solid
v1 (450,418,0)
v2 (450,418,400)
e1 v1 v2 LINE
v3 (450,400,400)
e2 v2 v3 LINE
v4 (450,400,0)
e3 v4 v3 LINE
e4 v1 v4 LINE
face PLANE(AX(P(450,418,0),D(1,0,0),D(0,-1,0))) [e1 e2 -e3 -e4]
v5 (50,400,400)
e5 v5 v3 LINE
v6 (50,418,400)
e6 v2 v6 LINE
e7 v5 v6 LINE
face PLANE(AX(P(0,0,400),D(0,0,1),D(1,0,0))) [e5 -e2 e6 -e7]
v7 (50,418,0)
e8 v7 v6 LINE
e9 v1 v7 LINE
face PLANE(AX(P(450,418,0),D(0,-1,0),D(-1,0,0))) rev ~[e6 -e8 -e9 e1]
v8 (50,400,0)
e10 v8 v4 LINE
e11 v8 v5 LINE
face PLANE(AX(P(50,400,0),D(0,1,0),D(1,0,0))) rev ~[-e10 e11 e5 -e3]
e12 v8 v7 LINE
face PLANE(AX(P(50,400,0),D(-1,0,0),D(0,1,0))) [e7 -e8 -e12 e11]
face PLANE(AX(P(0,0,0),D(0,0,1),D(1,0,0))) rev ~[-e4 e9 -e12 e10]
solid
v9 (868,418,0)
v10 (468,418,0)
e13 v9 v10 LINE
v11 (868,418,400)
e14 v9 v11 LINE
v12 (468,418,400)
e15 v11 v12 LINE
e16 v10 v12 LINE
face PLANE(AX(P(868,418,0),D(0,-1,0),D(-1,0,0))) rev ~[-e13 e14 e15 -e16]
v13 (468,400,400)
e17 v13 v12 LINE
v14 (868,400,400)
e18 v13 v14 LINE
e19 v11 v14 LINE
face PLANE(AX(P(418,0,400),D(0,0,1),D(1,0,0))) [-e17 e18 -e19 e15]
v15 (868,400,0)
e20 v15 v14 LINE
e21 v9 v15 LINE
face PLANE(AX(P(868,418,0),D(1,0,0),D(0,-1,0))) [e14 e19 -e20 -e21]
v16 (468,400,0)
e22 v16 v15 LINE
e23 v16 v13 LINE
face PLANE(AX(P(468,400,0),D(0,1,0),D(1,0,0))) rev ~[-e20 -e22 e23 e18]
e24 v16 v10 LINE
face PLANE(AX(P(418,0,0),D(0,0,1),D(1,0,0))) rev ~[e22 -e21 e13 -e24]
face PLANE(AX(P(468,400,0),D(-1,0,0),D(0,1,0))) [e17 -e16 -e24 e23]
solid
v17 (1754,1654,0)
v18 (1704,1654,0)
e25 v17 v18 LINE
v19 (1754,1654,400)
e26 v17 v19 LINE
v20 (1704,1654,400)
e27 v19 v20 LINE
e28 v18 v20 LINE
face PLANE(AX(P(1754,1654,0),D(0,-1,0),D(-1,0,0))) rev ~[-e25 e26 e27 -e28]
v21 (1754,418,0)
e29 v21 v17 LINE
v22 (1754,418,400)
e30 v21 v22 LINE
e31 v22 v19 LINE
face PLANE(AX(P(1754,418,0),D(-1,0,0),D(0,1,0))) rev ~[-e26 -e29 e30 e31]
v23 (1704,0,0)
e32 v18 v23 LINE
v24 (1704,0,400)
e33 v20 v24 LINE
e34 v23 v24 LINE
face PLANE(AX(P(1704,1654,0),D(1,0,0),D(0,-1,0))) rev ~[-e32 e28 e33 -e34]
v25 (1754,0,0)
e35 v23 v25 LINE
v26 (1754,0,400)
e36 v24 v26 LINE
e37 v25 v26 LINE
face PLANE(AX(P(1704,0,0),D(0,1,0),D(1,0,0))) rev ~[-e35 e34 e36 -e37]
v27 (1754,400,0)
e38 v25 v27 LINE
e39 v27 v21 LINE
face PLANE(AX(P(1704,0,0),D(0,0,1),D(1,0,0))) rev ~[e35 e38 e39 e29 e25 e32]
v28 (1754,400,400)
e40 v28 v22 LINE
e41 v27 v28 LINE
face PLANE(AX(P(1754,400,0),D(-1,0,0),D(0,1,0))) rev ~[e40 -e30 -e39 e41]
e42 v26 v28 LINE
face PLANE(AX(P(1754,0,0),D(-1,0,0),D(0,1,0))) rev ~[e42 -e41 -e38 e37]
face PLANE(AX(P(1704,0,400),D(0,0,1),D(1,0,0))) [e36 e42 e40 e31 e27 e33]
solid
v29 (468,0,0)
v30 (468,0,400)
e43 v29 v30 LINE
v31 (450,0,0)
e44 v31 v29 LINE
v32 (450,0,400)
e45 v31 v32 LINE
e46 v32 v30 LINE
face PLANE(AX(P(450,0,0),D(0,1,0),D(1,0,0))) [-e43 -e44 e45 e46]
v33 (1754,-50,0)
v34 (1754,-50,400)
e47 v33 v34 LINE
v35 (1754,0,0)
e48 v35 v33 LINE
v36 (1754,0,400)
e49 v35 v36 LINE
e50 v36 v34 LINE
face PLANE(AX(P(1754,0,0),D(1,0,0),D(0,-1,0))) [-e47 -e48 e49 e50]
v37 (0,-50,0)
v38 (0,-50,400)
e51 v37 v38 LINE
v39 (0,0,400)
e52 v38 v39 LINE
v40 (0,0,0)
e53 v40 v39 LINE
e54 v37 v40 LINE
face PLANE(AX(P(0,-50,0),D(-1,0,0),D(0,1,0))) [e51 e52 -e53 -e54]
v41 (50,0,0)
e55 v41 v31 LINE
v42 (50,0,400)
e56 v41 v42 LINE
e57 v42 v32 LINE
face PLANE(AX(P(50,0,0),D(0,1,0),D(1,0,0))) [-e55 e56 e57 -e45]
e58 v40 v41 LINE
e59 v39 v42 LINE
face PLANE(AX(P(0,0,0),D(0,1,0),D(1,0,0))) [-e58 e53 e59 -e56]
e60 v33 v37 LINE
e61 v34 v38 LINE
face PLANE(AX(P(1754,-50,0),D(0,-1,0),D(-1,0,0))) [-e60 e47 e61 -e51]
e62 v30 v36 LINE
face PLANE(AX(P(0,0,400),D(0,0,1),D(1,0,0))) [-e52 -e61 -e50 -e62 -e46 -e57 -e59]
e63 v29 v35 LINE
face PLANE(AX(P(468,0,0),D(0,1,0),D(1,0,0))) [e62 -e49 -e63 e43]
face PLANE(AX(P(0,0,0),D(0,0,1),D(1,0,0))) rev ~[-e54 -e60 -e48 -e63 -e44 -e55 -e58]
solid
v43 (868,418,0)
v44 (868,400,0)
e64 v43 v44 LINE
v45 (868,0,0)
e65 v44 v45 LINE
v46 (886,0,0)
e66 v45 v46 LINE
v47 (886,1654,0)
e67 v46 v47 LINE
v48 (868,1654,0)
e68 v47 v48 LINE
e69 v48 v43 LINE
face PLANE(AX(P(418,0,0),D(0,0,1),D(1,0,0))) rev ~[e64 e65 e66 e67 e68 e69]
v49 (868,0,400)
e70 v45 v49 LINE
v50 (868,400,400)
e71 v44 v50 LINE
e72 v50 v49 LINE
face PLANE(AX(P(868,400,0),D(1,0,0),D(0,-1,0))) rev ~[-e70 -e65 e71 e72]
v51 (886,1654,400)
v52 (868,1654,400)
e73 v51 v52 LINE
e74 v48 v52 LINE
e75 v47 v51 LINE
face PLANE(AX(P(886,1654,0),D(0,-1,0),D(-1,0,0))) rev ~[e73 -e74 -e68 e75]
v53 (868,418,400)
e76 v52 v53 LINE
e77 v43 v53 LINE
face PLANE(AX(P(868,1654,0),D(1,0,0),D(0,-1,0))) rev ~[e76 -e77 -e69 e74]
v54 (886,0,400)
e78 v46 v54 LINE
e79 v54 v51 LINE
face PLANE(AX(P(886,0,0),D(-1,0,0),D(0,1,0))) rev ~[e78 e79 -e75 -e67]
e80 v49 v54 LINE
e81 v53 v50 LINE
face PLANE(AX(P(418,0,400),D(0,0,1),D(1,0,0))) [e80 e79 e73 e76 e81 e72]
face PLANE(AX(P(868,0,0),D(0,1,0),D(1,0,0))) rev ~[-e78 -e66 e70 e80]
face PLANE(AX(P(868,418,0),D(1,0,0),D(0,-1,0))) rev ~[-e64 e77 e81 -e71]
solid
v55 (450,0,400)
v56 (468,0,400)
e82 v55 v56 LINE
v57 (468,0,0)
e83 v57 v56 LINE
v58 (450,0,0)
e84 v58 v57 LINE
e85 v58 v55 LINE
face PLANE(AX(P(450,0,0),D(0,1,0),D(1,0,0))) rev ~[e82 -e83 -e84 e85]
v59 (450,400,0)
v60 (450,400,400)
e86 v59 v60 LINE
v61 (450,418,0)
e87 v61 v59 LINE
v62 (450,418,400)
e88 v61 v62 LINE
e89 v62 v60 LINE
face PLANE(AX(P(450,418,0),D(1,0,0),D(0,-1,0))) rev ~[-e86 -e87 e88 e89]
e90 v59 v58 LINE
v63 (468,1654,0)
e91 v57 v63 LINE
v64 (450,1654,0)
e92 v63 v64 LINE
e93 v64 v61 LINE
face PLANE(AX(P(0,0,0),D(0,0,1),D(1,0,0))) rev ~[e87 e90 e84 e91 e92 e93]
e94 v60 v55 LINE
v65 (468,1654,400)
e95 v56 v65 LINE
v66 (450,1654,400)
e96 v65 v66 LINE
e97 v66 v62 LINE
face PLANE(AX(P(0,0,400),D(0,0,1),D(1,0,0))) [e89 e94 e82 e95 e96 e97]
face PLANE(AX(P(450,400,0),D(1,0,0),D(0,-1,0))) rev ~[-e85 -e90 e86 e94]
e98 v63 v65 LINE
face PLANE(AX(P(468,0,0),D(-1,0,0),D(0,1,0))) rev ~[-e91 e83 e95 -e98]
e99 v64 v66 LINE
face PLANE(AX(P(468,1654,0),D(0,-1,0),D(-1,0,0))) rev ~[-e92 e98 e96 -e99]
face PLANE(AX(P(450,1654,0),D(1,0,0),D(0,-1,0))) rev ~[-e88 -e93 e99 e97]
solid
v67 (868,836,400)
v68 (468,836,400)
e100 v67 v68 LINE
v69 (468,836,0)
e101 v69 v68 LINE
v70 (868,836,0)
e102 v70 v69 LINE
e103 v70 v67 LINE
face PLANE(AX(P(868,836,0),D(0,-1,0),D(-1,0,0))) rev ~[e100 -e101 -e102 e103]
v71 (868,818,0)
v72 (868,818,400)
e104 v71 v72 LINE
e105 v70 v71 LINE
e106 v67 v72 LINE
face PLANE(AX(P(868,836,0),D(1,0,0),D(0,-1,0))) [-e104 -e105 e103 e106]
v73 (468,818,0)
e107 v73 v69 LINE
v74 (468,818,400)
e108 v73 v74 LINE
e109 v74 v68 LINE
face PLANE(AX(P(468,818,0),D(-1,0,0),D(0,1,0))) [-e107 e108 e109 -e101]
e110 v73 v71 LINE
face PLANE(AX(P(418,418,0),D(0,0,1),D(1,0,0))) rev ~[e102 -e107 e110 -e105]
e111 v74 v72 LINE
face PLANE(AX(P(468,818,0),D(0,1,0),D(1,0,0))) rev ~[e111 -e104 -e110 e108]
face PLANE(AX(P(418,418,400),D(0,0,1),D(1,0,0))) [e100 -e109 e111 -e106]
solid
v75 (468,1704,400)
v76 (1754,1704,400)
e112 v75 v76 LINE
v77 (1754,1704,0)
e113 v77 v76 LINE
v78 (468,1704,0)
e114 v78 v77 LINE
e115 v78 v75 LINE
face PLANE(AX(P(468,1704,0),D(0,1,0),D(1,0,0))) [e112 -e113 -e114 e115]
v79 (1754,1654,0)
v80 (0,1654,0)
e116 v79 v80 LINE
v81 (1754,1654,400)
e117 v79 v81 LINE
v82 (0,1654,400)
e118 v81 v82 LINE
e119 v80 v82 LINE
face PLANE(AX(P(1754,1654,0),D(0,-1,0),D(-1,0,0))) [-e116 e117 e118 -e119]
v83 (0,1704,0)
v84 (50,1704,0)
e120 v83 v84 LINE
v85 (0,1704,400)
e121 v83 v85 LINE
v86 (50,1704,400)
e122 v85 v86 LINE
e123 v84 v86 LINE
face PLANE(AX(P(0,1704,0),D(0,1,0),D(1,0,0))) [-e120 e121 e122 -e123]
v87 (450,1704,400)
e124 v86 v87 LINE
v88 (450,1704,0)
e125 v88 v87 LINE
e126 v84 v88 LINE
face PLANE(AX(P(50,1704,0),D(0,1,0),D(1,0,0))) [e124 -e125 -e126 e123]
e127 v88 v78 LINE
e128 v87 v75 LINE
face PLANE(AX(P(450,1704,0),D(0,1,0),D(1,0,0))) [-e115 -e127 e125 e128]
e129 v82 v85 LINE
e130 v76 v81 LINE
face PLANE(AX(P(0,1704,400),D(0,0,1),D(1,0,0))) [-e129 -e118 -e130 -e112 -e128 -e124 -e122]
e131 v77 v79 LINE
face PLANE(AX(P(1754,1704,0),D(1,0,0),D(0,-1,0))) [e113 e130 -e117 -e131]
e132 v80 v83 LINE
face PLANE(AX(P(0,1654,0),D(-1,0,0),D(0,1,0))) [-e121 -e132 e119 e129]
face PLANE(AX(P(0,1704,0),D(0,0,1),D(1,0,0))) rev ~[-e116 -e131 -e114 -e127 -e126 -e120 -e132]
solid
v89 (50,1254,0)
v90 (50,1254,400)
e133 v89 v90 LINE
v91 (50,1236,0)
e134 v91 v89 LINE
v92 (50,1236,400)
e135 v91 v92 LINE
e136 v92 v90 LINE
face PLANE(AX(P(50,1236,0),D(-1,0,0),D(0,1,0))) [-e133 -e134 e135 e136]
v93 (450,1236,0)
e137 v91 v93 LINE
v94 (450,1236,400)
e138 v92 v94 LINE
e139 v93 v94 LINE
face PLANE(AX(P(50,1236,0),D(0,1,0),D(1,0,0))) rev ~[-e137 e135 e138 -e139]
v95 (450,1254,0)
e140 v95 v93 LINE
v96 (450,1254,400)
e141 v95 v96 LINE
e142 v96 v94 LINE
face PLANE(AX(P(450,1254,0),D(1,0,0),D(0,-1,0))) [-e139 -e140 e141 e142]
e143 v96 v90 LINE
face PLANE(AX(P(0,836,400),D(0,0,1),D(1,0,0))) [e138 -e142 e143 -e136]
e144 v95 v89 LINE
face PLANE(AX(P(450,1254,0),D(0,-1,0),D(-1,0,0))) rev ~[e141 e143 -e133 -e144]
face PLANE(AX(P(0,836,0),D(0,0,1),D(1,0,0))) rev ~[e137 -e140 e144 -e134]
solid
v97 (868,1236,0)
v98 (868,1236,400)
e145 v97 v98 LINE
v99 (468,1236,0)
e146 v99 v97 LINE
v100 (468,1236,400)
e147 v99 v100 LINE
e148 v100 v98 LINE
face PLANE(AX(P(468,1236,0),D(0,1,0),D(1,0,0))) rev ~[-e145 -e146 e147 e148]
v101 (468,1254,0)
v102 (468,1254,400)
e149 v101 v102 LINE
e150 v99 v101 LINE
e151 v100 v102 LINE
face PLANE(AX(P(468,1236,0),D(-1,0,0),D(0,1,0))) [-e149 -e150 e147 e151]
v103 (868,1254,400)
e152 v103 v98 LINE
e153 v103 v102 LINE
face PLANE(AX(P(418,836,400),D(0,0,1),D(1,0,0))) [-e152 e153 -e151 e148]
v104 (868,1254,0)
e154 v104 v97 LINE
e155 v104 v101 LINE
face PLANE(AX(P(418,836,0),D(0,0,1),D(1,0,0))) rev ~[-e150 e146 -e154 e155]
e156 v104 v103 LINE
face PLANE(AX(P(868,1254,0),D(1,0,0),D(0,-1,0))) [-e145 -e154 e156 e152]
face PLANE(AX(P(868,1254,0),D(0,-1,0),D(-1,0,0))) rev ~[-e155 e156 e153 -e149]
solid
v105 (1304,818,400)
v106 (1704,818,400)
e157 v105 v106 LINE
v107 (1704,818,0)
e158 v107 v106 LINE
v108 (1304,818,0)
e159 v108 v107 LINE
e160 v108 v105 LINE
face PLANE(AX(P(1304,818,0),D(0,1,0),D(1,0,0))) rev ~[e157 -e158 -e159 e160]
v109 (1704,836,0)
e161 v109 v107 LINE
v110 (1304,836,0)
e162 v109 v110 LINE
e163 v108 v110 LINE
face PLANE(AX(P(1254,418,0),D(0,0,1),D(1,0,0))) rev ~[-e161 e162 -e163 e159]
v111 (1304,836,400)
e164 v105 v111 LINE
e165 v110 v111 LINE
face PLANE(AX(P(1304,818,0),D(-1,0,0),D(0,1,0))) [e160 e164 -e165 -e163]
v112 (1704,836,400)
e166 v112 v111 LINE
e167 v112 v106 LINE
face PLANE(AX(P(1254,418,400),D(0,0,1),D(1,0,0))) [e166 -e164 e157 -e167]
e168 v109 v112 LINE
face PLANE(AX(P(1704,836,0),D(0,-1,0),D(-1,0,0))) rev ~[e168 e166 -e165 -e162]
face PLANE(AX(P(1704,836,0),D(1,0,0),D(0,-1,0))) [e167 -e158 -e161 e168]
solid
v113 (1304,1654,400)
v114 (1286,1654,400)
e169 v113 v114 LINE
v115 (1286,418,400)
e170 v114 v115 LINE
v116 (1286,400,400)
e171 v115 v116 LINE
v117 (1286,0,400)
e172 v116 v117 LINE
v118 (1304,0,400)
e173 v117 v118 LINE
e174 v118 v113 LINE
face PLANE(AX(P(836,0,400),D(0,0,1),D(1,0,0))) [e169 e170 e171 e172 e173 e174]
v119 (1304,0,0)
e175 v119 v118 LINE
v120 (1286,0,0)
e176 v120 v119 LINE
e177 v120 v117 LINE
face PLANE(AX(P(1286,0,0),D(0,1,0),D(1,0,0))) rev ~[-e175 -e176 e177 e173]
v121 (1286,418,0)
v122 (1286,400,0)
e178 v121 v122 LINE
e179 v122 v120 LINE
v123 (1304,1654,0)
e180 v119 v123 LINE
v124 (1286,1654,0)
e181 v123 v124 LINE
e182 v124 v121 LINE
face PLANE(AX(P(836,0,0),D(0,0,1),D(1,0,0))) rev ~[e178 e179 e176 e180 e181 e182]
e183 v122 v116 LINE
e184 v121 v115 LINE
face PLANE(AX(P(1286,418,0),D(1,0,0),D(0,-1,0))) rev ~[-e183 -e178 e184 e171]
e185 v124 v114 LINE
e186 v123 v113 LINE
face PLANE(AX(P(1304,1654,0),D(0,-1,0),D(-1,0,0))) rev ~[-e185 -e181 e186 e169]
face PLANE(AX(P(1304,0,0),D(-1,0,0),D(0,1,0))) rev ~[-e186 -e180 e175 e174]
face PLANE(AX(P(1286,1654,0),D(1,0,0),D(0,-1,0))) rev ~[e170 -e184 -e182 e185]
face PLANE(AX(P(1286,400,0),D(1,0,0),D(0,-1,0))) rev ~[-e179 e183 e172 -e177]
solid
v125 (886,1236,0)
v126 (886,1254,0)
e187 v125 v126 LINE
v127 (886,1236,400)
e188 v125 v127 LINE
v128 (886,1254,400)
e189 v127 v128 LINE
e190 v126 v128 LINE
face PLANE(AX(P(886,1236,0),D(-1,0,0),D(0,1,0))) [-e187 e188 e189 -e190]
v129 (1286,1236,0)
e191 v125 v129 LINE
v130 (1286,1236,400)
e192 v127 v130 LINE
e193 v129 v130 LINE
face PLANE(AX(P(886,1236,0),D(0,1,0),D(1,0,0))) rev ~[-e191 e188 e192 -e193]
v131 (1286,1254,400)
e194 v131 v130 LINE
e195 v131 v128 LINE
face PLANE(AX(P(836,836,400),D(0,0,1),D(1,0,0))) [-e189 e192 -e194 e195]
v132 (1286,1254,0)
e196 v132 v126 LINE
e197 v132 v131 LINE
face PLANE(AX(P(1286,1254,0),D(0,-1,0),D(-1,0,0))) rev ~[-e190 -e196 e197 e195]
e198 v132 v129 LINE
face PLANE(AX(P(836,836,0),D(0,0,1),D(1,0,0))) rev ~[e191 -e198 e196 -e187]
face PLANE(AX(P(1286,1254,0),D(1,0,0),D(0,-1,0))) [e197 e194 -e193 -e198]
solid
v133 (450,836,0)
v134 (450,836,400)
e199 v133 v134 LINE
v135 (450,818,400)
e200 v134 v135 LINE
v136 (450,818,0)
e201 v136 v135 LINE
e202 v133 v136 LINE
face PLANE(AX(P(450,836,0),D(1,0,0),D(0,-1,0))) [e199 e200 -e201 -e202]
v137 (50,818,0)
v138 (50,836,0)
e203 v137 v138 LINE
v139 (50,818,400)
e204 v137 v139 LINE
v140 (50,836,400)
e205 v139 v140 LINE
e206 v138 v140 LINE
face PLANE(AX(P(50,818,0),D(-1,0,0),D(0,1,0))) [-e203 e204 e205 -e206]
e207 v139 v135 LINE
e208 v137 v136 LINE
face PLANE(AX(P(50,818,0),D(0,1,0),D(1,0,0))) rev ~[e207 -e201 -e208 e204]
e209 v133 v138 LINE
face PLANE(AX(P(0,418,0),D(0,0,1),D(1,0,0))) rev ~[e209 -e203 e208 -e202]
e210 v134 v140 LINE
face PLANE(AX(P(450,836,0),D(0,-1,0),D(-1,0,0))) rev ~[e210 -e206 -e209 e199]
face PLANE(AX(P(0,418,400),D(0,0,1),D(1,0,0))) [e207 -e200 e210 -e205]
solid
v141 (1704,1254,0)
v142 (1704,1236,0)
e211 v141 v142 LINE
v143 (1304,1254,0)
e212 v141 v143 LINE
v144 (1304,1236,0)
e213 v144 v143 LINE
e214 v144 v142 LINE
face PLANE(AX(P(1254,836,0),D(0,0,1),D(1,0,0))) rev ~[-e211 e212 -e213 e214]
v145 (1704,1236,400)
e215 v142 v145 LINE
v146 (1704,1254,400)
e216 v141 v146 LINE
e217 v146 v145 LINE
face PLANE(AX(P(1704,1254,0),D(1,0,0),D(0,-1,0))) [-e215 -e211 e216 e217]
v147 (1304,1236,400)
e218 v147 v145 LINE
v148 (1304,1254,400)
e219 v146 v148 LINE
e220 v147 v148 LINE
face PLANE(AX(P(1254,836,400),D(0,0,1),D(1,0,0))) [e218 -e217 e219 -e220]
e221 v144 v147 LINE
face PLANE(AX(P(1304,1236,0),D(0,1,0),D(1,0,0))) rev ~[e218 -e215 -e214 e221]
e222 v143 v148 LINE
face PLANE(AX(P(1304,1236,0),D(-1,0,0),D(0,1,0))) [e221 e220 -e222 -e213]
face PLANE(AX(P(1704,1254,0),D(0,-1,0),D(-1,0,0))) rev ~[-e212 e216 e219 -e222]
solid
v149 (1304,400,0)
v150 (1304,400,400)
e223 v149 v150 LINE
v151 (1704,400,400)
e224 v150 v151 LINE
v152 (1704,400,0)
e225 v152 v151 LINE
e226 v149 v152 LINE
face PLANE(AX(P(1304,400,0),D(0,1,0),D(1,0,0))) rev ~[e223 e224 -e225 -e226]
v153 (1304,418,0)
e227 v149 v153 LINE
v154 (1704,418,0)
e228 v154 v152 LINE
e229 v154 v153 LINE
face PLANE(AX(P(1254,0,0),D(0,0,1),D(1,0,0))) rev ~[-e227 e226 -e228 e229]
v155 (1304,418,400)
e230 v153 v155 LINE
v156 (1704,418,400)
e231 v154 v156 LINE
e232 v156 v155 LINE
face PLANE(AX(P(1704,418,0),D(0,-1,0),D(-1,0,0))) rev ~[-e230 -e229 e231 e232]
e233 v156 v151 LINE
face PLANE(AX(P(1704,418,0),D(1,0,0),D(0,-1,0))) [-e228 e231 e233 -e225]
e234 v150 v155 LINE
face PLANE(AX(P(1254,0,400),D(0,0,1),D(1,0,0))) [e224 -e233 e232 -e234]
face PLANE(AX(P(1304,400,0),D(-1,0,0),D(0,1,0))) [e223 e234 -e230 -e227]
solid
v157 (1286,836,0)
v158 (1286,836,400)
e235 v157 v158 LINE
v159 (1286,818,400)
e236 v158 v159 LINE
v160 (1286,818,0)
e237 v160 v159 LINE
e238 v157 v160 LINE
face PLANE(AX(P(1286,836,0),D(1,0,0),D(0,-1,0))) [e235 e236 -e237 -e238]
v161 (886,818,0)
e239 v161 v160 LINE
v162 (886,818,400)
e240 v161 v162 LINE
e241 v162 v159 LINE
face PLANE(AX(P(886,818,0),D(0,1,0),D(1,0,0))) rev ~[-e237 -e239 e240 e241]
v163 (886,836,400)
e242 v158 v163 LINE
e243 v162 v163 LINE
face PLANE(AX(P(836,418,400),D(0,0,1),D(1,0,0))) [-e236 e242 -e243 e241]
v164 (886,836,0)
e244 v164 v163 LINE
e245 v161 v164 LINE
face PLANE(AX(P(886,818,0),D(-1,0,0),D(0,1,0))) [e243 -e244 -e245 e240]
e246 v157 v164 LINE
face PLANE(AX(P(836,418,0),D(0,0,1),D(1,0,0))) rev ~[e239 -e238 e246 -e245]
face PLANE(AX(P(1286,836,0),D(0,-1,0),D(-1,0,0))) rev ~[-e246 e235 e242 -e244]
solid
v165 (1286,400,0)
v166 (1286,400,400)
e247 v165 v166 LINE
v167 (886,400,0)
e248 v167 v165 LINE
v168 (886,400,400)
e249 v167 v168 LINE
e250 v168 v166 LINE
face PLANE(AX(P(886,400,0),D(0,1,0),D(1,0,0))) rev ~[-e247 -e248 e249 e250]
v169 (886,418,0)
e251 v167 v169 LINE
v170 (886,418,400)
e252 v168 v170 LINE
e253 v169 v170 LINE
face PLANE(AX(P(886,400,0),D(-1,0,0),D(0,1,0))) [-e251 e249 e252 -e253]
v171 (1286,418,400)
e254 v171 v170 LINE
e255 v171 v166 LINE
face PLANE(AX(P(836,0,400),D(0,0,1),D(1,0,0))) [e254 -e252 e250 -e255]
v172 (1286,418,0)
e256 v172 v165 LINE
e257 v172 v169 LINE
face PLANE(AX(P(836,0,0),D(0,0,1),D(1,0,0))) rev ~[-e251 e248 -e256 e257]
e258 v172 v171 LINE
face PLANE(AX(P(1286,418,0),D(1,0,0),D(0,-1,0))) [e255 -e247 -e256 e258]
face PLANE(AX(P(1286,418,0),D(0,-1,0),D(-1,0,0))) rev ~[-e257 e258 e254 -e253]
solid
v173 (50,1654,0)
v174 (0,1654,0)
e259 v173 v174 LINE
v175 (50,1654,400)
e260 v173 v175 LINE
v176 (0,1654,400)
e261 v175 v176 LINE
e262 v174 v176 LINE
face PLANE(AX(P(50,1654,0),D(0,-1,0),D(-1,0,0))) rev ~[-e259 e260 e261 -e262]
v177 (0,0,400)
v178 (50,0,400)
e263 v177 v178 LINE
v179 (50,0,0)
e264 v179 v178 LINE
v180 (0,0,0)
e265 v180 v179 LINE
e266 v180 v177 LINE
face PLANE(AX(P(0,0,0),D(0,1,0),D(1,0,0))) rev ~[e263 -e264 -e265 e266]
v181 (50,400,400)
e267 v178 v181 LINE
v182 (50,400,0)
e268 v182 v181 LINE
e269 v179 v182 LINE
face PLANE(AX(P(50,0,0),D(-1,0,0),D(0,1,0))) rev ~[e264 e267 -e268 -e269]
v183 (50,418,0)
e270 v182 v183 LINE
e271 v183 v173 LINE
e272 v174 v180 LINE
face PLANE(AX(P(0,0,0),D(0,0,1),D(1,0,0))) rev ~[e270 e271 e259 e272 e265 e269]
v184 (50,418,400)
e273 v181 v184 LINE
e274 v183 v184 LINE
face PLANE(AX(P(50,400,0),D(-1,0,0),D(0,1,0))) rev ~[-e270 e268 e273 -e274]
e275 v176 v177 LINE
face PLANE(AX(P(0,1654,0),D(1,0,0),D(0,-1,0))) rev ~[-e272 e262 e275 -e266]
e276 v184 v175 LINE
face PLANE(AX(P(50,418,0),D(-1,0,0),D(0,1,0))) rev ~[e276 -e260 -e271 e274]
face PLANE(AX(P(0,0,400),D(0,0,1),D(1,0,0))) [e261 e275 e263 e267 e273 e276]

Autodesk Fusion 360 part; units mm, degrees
sketch "Sketch1" plane through (0, 0, 0) normal (0, 0, 1) x (1, 0, 0)
  line L0 (0, 0) -> (50, 0)
  line L1 (50, 0) -> (50, 1654)
  line L2 (50, 1654) -> (0, 1654)
  line L3 (0, 1654) -> (0, 0)
  line L4 (0, 0) -> (1754, 0)
  line L5 (1754, 0) -> (1754, -50)
  line L6 (1754, -50) -> (0, -50)
  line L7 (0, -50) -> (0, 0)
  line L8 (450, 0) -> (468, 0)
  line L9 (468, 0) -> (468, 1654)
  line L10 (468, 1654) -> (450, 1654)
  line L11 (450, 1654) -> (450, 0)
  line L12 (50, 400) -> (450, 400)
  line L13 (450, 400) -> (450, 418)
  line L14 (450, 418) -> (50, 418)
  line L15 (50, 418) -> (50, 400)
  dimension "d7" = 1654
  dimension "d8" = 50
  dimension "d9" = 1754
  dimension "d10" = 50
  dimension "d12" = 18
  dimension "d13" = 400
  dimension "d14" = 1654
  dimension "d15" = 18
  dimension "d16" = 400
extrude "Extrude1" add sketch "Sketch1" along normal blind 400 contours L0 L4 L5 L6 L7 L8 makes body 1 in component "Dik Horizontaal"
extrude "Extrude1'" add sketch "Sketch1" along normal blind 400 separate body contours L0 L1 L2 L3 L4 L15 makes body 2 in component "Dik Vertikaal"
extrude "Extrude1''" add sketch "Sketch1" along normal blind 400 separate body contours L1 L11 L12 L13 L14 L15 makes body 3 in component "Dun Horizontaal"
extrude "Extrude1'''" add sketch "Sketch1" along normal blind 400 separate body contours L4 L8 L9 L10 L11 L13 makes body 4 in component "Dun Vertikaal"
pattern_linear "Patroon planken dun horizontaal" [suppressed]
pattern_linear "Patroon planken dun vertikaal" [suppressed]
pattern_linear "Patroon planken dik vertikaal" [suppressed]
pattern_linear "Patroon planken dik horizontaal" [suppressed]
component "Dik Horizontaal" placed x (1, 0, 0) y (0, 1, 0) z (0, 0, 1) at (0, 0, 0)
component "Dik Vertikaal" placed x (1, 0, 0) y (0, 1, 0) z (0, 0, 1) at (0, 0, 0)
component "Dun Horizontaal" placed x (1, 0, 0) y (0, 1, 0) z (0, 0, 1) at (0, 0, 0)
component "Dun Vertikaal" placed x (1, 0, 0) y (0, 1, 0) z (0, 0, 1) at (0, 0, 0)
component "Dun Vertikaal" placed x (1, 0, 0) y (0, 1, 0) z (0, 0, 1) at (418, 0, 0)
component "Dun Vertikaal" placed x (1, 0, 0) y (0, 1, 0) z (0, 0, 1) at (836, 0, 0)
component "Dik Vertikaal" placed x (1, 0, 0) y (0, 1, 0) z (0, 0, 1) at (1704, 0, 0)
component "Dun Horizontaal" placed x (1, 0, 0) y (0, 1, 0) z (0, 0, 1) at (0, 418, 0)
component "Dun Horizontaal" placed x (1, 0, 0) y (0, 1, 0) z (0, 0, 1) at (0, 836, 0)
component "Dun Horizontaal" placed x (1, 0, 0) y (0, 1, 0) z (0, 0, 1) at (418, 0, 0)
component "Dun Horizontaal" placed x (1, 0, 0) y (0, 1, 0) z (0, 0, 1) at (418, 418, 0)
component "Dun Horizontaal" placed x (1, 0, 0) y (0, 1, 0) z (0, 0, 1) at (418, 836, 0)
component "Dun Horizontaal" placed x (1, 0, 0) y (0, 1, 0) z (0, 0, 1) at (836, 0, 0)
component "Dun Horizontaal" placed x (1, 0, 0) y (0, 1, 0) z (0, 0, 1) at (836, 418, 0)
component "Dun Horizontaal" placed x (1, 0, 0) y (0, 1, 0) z (0, 0, 1) at (836, 836, 0)
component "Dun Horizontaal" placed x (1, 0, 0) y (0, 1, 0) z (0, 0, 1) at (1254, 0, 0)
component "Dun Horizontaal" placed x (1, 0, 0) y (0, 1, 0) z (0, 0, 1) at (1254, 418, 0)
component "Dun Horizontaal" placed x (1, 0, 0) y (0, 1, 0) z (0, 0, 1) at (1254, 836, 0)
component "Dik Horizontaal" placed x (1, 0, 0) y (0, 1, 0) z (0, 0, 1) at (0, 1704, 0)
equation "VakHoogte = 400 mm"
equation "VakBreedte = 400 mm"
equation "VakDiepte = 400 mm"
equation "PlankDikteZei = 50 mm"
equation "d7 = ( AantalVertikaal * VakHoogte ) + ( ( AantalVertikaal - 1 ) * PlankDikteMid )"
equation "d8 = PlankDikteZei"
equation "d9 = Linear Dimension-4"
equation "d10 = PlankDikteZei"
equation "PlankDikteMid = 18 mm"
equation "d12 = PlankDikteMid"
equation "d13 = VakBreedte"
equation "d14 = ( AantalVertikaal * VakHoogte ) + ( ( AantalVertikaal - 1 ) * PlankDikteMid )"
equation "d15 = PlankDikteMid"
equation "d16 = VakHoogte"
equation "d17 = VakDiepte"
equation "d19 = VakDiepte"
equation "d21 = VakDiepte"
equation "d23 = VakDiepte"
equation "d25 = AantalVertikaal - 1"
equation "d27 = ( VakHoogte * -1 ) - PlankDikteMid"
equation "d28 = VakBreedte + PlankDikteMid"
equation "d29 = AantalHorizontaal - 1"
equation "d31 = VakBreedte + PlankDikteMid"
properties part number "123"
